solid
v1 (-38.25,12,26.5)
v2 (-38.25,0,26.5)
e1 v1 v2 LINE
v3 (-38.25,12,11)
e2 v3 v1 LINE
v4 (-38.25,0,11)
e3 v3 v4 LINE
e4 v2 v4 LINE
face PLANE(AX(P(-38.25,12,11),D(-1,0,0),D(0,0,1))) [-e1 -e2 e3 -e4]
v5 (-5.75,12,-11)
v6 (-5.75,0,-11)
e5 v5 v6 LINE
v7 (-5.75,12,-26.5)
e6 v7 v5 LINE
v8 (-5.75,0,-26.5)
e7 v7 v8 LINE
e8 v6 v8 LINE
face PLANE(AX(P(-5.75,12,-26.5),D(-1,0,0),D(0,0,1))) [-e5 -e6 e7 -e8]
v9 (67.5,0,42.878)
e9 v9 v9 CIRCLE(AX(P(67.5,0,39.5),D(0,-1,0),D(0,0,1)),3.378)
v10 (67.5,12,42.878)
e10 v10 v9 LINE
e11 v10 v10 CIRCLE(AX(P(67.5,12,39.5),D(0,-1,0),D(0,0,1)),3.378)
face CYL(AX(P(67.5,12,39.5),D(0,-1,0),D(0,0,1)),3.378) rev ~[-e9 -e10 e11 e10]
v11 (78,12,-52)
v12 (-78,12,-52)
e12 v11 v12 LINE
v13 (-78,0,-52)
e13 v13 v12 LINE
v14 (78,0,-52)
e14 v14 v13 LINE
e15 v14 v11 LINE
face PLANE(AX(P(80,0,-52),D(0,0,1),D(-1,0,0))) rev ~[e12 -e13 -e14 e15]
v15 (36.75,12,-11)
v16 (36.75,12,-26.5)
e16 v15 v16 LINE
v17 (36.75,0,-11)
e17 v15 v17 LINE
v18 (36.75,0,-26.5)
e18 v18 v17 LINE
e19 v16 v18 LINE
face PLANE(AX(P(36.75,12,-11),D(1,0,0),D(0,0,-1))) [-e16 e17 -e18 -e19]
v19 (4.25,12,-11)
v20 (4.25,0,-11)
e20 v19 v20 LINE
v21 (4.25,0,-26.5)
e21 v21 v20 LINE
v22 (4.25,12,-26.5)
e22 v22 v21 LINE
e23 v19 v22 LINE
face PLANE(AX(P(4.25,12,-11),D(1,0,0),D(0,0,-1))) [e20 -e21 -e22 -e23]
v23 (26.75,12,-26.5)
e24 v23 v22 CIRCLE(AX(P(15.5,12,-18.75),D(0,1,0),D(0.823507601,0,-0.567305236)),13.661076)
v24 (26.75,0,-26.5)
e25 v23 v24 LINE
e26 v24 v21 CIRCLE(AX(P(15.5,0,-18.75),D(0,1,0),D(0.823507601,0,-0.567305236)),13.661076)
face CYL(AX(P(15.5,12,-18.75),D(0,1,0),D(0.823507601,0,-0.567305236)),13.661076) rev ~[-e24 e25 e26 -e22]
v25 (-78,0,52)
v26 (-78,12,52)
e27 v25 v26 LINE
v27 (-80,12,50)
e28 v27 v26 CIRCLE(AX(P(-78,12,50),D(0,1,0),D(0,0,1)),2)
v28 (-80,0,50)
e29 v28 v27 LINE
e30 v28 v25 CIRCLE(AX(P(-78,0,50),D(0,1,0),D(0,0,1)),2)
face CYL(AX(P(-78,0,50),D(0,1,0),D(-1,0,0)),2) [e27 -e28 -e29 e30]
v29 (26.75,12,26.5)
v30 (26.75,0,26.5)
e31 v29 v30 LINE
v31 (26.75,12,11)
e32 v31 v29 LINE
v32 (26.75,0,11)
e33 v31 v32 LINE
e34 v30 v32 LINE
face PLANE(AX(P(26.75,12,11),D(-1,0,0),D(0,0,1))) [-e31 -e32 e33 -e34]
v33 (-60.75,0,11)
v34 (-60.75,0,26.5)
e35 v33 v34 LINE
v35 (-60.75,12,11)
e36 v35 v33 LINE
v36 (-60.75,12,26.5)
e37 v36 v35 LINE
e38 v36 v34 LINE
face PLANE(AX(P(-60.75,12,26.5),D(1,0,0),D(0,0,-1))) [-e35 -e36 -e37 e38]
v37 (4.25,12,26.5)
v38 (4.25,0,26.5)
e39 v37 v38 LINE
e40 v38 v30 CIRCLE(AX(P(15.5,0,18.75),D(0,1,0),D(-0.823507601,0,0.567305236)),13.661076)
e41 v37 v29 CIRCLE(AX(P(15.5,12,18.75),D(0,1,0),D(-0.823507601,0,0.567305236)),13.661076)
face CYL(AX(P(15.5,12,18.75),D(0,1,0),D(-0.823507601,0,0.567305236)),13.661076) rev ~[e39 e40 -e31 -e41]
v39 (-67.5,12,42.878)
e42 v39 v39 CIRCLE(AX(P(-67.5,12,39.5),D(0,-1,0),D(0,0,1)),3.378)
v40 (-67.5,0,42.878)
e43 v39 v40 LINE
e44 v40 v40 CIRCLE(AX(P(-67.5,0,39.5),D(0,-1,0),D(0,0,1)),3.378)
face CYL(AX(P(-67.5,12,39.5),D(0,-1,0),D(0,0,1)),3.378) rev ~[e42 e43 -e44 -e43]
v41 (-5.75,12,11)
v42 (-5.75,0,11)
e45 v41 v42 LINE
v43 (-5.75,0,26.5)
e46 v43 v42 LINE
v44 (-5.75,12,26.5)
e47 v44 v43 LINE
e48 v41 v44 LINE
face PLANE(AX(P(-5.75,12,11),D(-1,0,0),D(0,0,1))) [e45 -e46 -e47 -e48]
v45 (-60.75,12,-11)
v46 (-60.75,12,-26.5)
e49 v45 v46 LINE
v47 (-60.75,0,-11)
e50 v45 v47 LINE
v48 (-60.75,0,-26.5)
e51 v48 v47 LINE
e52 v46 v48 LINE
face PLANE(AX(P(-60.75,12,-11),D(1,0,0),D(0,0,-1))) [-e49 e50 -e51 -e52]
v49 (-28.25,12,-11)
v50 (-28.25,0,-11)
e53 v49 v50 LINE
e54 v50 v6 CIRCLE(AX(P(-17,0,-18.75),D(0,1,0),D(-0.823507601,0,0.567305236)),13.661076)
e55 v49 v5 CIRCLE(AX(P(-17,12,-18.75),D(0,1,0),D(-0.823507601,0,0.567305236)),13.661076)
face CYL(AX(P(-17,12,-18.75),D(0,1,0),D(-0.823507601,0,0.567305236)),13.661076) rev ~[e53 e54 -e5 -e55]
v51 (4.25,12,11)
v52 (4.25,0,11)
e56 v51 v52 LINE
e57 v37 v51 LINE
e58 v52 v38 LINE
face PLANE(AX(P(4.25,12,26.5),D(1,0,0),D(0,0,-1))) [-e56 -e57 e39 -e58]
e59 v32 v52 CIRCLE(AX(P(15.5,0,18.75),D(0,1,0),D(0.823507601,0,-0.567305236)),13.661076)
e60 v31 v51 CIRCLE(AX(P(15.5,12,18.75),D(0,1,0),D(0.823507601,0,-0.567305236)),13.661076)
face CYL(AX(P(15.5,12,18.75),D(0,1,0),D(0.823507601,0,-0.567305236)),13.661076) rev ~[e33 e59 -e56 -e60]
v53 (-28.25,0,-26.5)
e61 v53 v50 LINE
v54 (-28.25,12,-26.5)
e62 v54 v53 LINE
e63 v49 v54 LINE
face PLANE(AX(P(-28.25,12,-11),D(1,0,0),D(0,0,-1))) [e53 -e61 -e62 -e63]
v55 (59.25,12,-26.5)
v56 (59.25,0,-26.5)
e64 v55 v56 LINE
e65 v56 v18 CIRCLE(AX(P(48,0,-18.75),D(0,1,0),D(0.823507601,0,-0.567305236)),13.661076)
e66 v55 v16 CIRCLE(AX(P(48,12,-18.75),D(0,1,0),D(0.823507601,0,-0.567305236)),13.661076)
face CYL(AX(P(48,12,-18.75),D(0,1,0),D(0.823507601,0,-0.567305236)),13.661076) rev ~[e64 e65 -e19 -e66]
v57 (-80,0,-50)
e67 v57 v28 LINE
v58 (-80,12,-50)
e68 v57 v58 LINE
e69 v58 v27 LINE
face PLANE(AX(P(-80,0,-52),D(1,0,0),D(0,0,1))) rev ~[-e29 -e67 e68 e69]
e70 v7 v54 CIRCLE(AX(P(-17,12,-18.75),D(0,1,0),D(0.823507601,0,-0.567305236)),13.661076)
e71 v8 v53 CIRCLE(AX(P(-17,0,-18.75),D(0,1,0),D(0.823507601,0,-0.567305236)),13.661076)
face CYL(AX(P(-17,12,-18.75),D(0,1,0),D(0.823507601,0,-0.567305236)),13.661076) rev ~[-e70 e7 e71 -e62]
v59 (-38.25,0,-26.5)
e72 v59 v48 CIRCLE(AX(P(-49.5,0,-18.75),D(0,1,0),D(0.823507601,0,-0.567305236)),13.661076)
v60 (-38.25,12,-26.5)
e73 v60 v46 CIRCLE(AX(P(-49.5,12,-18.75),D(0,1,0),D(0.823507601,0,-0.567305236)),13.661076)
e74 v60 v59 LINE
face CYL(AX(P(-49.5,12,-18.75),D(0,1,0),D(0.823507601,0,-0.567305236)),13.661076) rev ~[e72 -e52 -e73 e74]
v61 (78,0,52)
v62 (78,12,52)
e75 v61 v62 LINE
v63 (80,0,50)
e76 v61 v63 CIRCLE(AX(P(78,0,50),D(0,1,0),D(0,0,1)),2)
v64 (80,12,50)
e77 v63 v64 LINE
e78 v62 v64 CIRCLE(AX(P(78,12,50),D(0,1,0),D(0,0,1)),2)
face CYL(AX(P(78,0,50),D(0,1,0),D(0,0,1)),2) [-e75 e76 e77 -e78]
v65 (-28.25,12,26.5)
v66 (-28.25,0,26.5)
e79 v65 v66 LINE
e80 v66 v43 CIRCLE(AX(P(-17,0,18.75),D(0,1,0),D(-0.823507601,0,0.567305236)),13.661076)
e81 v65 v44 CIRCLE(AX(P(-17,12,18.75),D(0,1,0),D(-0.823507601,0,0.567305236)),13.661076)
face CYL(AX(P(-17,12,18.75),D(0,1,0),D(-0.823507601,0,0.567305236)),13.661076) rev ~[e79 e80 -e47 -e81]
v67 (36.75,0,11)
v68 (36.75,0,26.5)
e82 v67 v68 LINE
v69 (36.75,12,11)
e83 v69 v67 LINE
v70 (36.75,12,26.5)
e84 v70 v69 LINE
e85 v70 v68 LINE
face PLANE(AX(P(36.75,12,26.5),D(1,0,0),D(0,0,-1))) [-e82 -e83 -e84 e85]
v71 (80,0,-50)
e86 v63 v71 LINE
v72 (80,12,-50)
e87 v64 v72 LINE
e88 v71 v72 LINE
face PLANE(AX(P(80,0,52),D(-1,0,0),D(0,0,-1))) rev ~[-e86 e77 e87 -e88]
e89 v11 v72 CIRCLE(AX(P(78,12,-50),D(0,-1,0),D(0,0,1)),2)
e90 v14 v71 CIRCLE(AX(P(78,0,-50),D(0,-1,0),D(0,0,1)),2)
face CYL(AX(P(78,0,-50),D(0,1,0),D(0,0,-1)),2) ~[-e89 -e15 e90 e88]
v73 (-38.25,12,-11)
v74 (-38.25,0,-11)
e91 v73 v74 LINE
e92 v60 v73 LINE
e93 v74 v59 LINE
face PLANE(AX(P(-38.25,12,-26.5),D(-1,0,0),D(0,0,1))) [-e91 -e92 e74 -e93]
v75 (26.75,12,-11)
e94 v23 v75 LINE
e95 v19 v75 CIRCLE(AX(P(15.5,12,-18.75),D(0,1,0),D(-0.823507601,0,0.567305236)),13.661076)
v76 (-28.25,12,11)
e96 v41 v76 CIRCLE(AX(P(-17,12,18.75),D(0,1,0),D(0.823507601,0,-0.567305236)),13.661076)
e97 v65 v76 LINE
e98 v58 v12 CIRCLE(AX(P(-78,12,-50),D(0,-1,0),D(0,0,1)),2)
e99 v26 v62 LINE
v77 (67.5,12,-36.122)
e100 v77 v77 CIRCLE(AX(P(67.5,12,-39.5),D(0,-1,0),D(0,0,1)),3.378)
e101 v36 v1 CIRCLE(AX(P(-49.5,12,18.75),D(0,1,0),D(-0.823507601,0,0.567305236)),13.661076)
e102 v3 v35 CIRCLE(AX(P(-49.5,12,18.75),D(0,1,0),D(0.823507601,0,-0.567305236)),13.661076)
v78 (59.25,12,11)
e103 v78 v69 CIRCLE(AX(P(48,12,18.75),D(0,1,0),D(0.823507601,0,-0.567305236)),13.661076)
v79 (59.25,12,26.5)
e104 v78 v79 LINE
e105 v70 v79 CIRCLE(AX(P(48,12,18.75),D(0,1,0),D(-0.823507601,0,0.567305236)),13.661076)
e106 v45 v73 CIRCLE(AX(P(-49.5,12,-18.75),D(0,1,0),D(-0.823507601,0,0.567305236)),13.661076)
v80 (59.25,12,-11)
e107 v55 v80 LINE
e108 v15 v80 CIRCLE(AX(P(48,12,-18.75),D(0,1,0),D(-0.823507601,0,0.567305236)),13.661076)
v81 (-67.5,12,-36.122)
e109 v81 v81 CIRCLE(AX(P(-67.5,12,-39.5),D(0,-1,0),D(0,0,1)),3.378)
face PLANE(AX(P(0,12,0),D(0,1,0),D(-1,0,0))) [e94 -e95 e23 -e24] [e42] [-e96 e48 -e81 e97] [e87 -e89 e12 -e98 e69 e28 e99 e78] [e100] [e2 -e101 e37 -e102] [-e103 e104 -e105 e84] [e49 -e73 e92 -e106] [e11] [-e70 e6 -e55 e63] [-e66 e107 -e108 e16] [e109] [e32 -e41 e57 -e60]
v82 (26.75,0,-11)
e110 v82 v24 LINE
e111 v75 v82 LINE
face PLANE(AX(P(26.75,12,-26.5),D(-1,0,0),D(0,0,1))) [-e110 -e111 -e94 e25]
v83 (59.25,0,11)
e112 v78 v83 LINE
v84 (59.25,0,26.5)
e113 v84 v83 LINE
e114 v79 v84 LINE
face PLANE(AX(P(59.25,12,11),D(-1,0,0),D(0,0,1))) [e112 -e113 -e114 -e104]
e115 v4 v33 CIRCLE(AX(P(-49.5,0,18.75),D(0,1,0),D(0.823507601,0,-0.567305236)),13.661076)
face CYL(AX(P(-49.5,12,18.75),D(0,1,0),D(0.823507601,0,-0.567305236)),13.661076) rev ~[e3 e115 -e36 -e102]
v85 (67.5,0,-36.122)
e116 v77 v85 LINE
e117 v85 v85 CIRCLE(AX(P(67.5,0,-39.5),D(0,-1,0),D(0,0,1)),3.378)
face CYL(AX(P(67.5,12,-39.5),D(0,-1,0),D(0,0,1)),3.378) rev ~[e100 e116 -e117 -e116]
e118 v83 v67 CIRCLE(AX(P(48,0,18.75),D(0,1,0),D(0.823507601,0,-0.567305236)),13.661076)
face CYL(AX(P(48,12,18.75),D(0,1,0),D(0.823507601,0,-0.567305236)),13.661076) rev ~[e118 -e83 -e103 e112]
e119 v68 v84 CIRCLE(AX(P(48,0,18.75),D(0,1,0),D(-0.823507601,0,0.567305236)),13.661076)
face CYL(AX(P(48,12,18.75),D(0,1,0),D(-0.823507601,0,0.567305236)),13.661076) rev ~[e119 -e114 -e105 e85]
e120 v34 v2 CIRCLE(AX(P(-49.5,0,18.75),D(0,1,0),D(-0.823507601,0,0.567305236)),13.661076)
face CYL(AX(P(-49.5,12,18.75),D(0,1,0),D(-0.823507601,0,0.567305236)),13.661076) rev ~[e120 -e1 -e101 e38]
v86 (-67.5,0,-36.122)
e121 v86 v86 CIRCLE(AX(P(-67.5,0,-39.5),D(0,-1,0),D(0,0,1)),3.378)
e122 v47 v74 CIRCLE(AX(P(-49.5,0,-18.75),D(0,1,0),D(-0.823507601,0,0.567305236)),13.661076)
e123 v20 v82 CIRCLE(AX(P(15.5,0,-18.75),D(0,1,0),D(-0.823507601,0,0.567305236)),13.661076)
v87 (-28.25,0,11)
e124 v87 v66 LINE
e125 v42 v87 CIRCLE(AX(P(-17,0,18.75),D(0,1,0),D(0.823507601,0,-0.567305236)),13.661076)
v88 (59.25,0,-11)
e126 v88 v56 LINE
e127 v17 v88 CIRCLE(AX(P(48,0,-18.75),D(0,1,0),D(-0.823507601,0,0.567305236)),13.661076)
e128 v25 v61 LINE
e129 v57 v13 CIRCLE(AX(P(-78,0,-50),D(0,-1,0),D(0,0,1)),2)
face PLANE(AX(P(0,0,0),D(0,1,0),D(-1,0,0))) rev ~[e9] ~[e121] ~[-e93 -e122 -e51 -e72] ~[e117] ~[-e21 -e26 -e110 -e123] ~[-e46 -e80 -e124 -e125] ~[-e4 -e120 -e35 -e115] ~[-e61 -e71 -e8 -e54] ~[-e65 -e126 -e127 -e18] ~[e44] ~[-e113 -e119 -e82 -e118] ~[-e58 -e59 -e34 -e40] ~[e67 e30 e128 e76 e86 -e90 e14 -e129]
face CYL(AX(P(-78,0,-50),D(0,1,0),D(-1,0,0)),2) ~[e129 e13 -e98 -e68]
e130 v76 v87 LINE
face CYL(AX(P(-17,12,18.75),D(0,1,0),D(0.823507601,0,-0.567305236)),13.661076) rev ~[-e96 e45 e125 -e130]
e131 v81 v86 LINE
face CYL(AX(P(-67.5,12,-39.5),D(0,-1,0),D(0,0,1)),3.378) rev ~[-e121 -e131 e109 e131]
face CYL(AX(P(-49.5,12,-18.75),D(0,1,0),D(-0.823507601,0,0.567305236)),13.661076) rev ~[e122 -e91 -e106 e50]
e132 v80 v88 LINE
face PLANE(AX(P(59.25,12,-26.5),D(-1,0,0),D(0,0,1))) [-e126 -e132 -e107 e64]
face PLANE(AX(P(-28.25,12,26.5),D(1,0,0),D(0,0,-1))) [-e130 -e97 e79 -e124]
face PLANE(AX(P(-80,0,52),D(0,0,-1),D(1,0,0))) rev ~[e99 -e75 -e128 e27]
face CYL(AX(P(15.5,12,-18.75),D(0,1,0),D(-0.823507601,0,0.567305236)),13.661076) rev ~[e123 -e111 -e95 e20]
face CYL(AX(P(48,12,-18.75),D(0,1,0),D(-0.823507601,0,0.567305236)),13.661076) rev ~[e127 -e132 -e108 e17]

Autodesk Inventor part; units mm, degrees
ref_plane "YZ Plane" through (0, 0, 0) normal (1, 0, 0) x (0, 1, 0)
ref_plane "XZ Plane" through (0, 0, 0) normal (0, 1, 0) x (-1, 0, 0)
ref_plane "XY Plane" through (0, 0, 0) normal (0, 0, 1) x (1, 0, 0)
sketch "Sketch1" plane through (0, 0, 0) normal (0, 1, 0) x (-1, 0, 0)
  line L0 (80, 52) -> (-80, 52)
  line L1 (-80, 52) -> (-80, -52)
  line L2 (-80, -52) -> (80, -52)
  line L3 (80, -52) -> (80, 52)
  line L4 (80, 52) -> (-80, -52) construction
  line L5 (-80, 52) -> (80, -52) construction
  point P0 (0, 0)
  dimension "d0" = 160
  dimension "d1" = 104
extrude "Extrusion1" add sketch "Sketch1" along normal blind 12
sketch "Sketch2" plane through (0, 12, 0) normal (0, 1, 0) x (1, 0, 0)
  line L0 (-80, 52) -> (-80, -52) projected
  line L1 (80, 52) -> (-80, 52) projected
  line L2 (-38.25, 26.5) -> (-38.25, 11)
  line L3 (-60.75, 11) -> (-60.75, 26.5)
  arc A0 (-38.25, 26.5) -> (-60.75, 26.5) centre (-49.5, 18.75) ccw
  arc A1 (-60.75, 11) -> (-38.25, 11) centre (-49.5, 18.75) ccw
  point P0 (0, 0)
  dimension "d33" = 22.5
  dimension "d34" = 15.5
  dimension "d35" = 19.25
  dimension "d37" = 33.25
  dimension "d38" = 7.75
extrude "Extrusion2" cut sketch "Sketch2" against normal up to next
pattern_linear "Rectangular Pattern1" count 4 spacing -32.5 along (-1, 0, 0) count 2 spacing 37.5 along (0, 0, 1) of "Extrusion2"
sketch "Sketch4" plane through (0, 12, 0) normal (0, 1, 0) x (1, 0, 0)
  line L0 (-80, 52) -> (-80, -52) projected
  line L1 (80, 52) -> (-80, 52) projected
  line L2 (80, -52) -> (80, 52) projected
  line L3 (-80, -52) -> (80, -52) projected
  point P0 (0, 0)
  point P1 (-67.5, 39.5)
  point P2 (67.5, 39.5)
  point P3 (67.5, -39.5)
  point P4 (-67.5, -39.5)
  dimension "d24" = 12.5
  dimension "d25" = 12.5
  dimension "d26" = 12.5
  dimension "d27" = 12.5
  dimension "d28" = 12.5
  dimension "d29" = 12.5
  dimension "d30" = 12.5
  dimension "d31" = 12.5
hole "Hole1" at (-67.5, 12, -39.5) at (67.5, 12, -39.5) at (67.5, 12, 39.5) at (-67.5, 12, 39.5) direction (0, -1, 0) diameter 6.756 depth 25.4 clearance for "Socket Head Cap Screw" size "1/4" standard "Ansi Unified Screw Threads"
fillet "Fillet1" radius 2 4 edges at (-80, 6, 52) (80, 6, 52) (80, 6, -52) (-80, 6, -52)
properties part number "4_OM_VialPlate_0.5mmReduce"
